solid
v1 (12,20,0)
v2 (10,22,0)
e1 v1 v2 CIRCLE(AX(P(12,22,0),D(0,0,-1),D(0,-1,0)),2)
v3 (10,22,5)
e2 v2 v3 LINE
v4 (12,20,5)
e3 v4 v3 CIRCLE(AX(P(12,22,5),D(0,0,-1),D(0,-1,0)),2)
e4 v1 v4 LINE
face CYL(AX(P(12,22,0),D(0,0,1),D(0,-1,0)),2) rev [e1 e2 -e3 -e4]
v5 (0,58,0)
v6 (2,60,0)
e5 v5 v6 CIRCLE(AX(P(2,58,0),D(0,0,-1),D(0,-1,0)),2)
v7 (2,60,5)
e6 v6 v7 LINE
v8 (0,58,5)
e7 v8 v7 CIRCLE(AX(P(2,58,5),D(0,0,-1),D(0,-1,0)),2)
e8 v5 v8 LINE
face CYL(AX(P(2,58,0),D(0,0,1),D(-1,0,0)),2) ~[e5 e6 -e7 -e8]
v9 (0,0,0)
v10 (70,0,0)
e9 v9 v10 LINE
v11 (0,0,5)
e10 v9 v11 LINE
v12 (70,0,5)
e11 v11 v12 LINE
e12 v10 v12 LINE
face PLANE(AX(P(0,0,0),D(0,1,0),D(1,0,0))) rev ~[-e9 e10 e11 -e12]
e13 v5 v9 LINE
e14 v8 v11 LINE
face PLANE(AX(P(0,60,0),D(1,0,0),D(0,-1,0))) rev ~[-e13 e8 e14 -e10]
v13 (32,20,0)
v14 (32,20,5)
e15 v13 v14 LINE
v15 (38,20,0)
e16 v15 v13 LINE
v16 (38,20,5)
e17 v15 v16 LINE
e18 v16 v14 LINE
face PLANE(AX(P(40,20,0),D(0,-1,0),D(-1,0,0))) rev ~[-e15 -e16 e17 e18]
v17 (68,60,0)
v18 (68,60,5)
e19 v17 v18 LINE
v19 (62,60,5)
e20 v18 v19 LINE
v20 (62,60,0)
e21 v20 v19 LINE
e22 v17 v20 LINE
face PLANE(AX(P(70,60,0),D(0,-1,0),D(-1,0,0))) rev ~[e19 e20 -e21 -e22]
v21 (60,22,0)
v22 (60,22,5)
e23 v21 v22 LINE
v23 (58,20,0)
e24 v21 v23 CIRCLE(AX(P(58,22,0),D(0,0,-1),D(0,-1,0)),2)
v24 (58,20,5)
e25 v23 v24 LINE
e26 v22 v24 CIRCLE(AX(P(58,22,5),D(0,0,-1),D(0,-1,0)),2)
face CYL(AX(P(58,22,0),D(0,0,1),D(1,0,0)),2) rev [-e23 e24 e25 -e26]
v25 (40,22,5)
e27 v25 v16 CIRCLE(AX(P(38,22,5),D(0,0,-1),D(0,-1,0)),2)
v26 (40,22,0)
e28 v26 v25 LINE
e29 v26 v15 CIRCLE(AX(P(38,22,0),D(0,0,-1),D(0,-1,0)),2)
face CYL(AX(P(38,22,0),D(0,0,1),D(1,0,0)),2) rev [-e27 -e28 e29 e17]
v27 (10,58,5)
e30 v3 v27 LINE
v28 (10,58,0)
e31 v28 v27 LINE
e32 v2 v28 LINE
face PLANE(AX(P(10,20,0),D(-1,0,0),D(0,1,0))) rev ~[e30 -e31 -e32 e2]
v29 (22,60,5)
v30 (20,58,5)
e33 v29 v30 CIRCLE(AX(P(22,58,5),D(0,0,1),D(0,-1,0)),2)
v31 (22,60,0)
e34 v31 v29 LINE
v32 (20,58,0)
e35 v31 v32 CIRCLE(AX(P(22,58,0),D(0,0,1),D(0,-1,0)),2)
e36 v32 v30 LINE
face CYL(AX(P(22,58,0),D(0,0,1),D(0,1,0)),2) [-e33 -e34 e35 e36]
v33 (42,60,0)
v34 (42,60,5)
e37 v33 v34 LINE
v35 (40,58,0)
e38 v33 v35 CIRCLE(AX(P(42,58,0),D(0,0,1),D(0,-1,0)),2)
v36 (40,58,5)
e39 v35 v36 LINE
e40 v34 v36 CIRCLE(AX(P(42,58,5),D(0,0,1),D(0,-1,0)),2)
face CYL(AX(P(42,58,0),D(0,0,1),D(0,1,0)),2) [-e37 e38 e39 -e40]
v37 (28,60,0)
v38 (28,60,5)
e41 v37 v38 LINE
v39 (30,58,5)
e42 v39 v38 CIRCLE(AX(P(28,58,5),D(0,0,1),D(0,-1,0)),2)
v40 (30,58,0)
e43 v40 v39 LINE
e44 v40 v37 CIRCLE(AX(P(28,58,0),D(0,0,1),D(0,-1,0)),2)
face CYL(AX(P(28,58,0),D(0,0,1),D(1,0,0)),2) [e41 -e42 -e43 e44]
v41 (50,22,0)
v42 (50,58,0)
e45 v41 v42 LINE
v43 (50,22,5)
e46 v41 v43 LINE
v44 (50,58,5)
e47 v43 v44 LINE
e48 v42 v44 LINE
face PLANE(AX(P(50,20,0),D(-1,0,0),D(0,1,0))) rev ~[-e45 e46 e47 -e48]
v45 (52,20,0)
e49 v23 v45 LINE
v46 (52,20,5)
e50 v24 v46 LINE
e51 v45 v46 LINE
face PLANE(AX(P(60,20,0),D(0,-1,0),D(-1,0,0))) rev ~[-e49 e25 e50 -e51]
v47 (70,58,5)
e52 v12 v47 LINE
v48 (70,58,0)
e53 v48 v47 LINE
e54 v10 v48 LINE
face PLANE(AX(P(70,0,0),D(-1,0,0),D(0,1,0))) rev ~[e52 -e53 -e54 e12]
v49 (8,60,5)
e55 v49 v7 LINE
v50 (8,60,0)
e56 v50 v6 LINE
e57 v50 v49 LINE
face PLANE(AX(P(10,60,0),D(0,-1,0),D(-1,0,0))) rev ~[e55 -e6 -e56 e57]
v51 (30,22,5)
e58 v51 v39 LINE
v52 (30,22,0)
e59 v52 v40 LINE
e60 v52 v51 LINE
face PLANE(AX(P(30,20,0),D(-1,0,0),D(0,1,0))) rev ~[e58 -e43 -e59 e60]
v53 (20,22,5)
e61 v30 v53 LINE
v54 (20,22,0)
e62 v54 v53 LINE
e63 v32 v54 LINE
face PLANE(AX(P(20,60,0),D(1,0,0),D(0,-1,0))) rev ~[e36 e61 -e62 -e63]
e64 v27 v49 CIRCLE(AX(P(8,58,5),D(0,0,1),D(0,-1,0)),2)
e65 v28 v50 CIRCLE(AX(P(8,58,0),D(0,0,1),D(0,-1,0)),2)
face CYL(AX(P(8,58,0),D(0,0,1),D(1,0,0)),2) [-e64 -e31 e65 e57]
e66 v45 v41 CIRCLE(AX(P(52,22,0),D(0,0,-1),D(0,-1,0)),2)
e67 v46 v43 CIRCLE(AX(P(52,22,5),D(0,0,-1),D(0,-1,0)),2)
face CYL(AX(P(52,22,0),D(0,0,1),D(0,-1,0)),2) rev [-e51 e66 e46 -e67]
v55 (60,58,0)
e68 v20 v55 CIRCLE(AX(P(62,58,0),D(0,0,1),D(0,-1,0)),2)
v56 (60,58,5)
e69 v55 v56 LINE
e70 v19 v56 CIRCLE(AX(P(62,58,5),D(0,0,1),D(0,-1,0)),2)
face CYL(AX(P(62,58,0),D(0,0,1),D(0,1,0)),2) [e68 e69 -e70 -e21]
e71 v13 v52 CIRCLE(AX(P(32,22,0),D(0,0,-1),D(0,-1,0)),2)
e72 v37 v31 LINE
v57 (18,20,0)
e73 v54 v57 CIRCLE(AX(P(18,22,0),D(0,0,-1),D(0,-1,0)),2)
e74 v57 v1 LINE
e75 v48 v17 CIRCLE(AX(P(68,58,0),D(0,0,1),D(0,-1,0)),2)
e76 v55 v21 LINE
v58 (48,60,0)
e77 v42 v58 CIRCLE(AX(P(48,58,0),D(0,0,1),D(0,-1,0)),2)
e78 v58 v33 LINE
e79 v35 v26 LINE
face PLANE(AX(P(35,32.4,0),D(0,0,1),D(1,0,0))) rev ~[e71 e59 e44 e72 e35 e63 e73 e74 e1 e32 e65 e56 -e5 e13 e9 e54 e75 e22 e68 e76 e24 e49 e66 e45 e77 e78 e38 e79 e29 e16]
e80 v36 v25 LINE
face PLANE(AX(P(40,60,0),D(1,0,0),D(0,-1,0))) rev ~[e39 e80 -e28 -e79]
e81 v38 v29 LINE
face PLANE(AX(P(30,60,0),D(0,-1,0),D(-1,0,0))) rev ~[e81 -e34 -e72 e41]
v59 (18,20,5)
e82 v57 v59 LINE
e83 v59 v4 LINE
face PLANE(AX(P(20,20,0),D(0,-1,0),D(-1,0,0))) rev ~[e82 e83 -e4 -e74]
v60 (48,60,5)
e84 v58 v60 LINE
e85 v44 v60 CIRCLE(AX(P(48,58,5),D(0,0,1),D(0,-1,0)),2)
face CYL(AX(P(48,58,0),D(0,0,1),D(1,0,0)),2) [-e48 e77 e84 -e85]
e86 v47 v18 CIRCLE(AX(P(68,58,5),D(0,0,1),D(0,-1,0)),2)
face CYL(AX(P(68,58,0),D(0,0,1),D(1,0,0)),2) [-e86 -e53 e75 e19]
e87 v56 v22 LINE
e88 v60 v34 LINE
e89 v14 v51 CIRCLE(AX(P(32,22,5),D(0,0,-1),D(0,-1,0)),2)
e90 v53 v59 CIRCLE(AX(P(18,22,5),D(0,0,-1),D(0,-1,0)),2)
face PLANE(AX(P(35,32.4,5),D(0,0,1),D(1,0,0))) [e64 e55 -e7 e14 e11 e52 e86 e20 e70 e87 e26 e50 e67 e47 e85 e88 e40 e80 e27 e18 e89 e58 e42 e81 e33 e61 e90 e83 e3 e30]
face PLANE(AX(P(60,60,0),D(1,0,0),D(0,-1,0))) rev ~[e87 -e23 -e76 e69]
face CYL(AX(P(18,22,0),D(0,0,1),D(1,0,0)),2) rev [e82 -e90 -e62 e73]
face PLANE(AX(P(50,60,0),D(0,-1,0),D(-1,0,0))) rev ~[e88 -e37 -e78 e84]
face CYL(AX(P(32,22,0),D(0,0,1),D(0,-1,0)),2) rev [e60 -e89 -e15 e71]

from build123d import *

# Parameters (mm, degrees)
F1_DEPTH = 5
F2_R     = 2


with BuildPart() as f1:
    # F0 (on Top) → F1 (new body)
    with BuildSketch(Plane.XY):
        Polygon((0, 60), (0, 0), (70, 0), (70, 60), (60, 60), (60, 20), (50, 20), (50, 60), (40, 60), (40, 20), (30, 20), (30, 60), (20, 60), (20, 20), (10, 20), (10, 60), align=None)
    extrude(amount=F1_DEPTH)

    # F2
    f2_edges = [f1.edges().sort_by_distance(p)[0] for p in [
        (10, 60, 2.5),
        (0, 60, 2.5),
        (20, 60, 2.5),
        (30, 60, 2.5),
        (40, 60, 2.5),
        (50, 60, 2.5),
        (60, 60, 2.5),
        (70, 60, 2.5),
        (10, 20, 2.5),
        (20, 20, 2.5),
        (30, 20, 2.5),
        (40, 20, 2.5),
        (50, 20, 2.5),
        (60, 20, 2.5),
    ]]
    fillet(f2_edges, radius=F2_R)


solid = f1.part
